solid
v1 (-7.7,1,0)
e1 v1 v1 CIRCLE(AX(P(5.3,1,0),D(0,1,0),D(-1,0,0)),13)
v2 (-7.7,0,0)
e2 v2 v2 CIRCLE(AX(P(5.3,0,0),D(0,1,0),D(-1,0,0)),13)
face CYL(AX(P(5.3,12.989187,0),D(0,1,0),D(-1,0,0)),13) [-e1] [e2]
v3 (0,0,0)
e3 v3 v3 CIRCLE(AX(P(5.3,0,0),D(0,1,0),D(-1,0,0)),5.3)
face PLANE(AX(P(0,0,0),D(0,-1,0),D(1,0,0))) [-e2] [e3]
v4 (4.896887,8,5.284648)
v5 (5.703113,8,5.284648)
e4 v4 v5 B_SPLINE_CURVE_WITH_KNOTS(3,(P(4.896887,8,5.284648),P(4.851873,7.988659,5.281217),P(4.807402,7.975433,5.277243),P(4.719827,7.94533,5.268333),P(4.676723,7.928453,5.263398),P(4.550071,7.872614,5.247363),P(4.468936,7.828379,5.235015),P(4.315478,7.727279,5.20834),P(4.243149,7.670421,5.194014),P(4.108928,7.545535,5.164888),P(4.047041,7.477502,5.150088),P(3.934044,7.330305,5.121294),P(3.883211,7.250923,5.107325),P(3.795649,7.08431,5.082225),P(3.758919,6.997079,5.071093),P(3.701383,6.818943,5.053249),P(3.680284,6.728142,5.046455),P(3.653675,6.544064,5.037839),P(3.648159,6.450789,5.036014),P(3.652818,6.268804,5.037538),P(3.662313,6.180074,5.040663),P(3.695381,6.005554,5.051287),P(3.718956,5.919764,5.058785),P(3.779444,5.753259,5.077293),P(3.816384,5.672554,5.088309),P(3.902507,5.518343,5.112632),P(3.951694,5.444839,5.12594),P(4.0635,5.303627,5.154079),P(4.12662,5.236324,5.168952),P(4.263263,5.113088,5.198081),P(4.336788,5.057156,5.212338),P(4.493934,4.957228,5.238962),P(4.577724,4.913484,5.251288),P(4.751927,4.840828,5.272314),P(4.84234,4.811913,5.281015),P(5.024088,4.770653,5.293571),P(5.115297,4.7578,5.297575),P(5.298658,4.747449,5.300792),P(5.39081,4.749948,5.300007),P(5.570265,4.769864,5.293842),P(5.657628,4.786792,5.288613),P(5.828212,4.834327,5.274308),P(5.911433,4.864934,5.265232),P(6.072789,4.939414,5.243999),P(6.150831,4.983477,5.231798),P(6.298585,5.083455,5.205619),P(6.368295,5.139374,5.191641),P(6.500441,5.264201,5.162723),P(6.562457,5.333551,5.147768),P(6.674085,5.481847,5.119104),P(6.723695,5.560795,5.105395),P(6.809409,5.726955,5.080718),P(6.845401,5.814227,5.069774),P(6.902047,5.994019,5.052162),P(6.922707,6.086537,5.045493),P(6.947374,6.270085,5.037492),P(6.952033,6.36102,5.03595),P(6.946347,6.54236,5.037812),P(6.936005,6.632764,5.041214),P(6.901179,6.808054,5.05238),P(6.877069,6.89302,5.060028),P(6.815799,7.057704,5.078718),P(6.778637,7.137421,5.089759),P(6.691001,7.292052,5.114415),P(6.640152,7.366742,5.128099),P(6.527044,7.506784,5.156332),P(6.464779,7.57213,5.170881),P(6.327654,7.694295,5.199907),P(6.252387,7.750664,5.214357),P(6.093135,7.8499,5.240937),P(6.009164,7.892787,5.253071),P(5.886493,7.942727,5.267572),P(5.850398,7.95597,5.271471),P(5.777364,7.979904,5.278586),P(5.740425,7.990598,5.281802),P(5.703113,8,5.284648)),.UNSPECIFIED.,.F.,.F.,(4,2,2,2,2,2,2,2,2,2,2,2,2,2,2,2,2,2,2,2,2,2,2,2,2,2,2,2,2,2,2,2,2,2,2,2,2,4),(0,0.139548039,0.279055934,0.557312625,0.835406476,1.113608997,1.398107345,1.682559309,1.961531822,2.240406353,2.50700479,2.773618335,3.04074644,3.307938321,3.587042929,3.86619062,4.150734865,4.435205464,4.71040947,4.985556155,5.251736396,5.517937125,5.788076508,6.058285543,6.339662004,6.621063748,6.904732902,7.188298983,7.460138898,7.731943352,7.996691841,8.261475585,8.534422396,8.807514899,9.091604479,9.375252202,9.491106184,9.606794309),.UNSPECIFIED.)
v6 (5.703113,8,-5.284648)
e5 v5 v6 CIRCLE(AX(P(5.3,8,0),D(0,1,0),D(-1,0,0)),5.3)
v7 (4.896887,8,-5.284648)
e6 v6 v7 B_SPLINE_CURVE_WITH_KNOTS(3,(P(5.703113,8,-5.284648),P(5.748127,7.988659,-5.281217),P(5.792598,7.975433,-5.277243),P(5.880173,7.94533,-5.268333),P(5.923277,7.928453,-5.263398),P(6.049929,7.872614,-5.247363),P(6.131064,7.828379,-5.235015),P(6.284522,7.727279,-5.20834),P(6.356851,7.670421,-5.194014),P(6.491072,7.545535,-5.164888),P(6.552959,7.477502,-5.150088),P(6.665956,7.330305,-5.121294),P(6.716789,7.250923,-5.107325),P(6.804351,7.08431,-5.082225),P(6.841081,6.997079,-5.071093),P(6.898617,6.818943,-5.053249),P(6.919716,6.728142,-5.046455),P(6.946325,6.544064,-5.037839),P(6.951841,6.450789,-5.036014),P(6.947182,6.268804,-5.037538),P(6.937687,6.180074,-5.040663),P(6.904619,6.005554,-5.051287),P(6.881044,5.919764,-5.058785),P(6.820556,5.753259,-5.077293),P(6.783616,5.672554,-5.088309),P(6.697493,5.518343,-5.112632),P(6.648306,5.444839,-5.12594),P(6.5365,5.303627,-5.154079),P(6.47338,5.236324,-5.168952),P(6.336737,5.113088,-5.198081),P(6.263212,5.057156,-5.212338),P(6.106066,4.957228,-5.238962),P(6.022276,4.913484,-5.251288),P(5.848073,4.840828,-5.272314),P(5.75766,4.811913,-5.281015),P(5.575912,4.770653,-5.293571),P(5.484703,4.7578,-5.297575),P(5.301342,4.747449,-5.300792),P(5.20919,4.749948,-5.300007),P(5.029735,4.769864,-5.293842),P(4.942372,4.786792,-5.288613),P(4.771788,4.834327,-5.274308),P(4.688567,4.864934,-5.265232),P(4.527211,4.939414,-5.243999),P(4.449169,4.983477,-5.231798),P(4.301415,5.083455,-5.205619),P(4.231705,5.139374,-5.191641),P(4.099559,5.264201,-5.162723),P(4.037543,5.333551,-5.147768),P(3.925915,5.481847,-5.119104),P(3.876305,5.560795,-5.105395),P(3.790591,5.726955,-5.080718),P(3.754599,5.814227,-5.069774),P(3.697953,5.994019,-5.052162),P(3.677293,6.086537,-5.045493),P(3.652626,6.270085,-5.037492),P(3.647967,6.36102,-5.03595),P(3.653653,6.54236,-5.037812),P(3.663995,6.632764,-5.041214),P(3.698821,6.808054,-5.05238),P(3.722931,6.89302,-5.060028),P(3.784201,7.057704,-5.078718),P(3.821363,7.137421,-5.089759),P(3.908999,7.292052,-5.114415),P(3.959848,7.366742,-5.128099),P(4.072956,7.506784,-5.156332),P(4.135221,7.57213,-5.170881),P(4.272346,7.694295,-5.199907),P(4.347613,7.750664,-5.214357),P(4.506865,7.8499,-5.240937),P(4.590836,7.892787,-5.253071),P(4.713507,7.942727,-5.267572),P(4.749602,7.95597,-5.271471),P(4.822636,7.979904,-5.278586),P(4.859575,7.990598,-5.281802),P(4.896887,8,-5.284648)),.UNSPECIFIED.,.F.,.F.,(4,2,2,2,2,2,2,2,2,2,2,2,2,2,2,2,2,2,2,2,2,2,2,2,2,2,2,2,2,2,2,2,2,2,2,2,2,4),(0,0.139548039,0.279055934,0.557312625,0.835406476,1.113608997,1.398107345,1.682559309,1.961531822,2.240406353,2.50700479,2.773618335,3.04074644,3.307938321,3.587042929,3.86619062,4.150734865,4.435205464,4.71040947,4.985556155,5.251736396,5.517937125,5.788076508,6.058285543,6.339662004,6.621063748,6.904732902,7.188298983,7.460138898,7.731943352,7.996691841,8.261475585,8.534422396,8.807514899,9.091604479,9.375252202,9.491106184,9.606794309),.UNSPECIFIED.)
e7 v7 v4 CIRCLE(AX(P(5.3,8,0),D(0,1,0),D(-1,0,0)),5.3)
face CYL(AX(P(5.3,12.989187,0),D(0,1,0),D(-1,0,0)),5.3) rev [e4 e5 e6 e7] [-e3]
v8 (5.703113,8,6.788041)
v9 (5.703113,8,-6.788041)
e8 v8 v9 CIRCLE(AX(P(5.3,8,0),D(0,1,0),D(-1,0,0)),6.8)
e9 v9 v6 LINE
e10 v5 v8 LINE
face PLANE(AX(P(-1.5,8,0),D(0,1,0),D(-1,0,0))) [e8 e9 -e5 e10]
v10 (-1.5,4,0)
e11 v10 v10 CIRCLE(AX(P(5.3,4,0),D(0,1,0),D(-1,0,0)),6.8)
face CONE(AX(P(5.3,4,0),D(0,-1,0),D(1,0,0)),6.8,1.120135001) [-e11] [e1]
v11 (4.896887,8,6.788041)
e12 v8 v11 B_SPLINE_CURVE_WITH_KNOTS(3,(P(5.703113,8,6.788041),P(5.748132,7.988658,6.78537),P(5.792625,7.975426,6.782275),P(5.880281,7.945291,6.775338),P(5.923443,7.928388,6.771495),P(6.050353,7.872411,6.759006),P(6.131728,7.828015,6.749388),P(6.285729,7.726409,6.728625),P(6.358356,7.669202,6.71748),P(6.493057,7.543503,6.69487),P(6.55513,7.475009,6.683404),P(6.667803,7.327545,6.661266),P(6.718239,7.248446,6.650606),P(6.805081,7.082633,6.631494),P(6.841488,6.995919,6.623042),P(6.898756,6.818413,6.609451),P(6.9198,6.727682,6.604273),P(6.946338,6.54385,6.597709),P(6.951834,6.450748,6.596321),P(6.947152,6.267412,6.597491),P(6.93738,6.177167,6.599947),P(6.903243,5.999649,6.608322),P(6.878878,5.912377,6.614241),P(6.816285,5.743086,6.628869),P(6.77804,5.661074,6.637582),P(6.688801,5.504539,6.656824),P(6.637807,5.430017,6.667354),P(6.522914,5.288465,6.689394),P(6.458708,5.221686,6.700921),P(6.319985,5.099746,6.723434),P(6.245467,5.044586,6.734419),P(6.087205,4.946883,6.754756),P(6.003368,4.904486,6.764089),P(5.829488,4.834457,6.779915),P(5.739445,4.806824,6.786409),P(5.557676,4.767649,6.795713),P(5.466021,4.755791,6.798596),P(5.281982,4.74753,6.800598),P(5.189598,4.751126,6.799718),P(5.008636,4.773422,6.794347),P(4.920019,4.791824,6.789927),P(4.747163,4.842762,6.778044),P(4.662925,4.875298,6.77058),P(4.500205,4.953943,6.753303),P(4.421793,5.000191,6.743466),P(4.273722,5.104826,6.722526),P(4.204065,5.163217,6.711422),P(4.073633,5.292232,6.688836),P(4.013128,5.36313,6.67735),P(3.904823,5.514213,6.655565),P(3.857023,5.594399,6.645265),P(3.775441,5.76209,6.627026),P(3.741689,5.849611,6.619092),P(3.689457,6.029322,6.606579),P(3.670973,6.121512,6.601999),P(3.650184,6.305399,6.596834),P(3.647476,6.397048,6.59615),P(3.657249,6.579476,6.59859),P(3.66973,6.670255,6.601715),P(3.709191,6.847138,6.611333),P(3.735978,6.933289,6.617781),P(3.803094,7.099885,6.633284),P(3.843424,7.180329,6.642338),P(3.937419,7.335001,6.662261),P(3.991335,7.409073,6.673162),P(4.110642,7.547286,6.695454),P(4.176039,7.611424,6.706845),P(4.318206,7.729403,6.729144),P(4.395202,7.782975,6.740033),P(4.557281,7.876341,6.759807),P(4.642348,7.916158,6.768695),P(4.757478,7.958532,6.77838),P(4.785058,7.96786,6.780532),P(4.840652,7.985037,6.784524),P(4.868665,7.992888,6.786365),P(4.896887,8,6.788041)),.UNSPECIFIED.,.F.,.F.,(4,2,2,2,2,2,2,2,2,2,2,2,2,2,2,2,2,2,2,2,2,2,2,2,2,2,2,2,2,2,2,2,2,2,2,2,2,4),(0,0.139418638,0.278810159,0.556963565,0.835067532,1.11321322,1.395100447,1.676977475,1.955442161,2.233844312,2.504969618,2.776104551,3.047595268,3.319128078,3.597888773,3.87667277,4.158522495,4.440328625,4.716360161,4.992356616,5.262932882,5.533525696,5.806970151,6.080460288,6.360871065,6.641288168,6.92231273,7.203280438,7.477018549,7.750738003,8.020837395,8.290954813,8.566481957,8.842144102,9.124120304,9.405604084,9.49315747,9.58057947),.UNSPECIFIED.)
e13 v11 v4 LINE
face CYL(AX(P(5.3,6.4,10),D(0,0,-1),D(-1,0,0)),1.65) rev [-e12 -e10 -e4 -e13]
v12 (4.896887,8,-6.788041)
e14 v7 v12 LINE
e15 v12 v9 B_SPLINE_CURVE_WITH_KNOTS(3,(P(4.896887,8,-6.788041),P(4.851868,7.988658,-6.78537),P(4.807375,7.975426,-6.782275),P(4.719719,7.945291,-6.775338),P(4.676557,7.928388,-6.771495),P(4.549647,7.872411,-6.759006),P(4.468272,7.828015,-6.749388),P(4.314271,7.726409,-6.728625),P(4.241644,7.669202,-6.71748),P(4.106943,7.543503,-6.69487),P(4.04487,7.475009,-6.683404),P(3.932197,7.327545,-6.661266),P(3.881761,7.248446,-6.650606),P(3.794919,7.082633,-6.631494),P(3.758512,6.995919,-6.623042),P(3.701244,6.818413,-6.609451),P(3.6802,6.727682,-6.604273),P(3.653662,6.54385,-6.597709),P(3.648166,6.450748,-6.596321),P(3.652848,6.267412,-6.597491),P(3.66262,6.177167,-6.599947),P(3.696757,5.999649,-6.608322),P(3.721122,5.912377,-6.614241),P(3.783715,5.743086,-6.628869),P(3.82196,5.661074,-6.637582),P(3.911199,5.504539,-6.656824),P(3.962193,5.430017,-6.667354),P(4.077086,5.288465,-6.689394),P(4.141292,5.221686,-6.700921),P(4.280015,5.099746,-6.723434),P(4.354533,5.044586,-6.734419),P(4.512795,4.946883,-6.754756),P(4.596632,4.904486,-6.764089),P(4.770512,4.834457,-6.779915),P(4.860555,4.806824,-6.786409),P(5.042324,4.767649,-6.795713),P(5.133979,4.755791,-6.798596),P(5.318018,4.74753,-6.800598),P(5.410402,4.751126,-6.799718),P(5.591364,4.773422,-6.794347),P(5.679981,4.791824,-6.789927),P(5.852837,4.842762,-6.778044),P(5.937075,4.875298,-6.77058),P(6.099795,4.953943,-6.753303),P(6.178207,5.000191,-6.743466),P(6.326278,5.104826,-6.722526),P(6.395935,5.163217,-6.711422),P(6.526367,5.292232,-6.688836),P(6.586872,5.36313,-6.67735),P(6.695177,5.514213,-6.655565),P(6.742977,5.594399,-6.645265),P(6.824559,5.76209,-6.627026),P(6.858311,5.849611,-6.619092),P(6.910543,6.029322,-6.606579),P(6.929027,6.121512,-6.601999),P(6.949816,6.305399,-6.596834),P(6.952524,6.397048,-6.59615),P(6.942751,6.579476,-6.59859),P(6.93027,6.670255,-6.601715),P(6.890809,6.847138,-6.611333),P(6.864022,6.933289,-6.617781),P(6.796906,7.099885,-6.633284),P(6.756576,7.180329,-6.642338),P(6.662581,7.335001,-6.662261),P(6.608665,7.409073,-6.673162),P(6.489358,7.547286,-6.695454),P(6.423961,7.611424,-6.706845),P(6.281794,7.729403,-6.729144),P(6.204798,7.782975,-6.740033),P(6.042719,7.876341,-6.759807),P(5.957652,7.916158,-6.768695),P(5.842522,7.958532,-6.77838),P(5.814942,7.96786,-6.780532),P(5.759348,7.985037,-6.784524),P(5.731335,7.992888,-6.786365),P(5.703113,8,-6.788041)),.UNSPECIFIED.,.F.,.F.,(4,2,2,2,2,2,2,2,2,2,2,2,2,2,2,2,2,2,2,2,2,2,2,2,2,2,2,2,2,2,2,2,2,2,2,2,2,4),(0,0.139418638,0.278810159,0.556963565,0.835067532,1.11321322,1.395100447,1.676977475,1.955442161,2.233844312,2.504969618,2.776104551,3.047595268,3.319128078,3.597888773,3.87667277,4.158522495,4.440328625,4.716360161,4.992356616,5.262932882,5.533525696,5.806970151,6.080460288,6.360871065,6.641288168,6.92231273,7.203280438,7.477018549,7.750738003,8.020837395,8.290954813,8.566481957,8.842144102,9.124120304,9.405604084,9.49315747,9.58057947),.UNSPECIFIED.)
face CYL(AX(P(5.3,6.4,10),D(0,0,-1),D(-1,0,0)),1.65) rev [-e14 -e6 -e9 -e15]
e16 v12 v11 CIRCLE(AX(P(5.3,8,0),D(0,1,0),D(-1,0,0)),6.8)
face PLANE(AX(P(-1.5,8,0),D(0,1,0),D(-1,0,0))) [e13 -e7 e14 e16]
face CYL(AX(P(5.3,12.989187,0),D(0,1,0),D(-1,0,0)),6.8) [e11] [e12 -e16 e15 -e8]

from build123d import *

# Parameters (mm, degrees)
CUT_EXTRUDE_3_DEPTH      = 10
CUT_EXTRUDE_3_DEPTH_BACK = 10
SKETCH_2_R               = 1.65


with BuildPart() as part:
    # 草图1 → 旋转1 (revolve)
    with BuildSketch(Plane.XY):
        Polygon((0, 0), (-7.7, 0), (-7.7, 1), (-1.5, 4), (-1.5, 8), (0, 8), align=None)
    revolve(axis=Axis((5.3, 12.989187483, 0), (0, -1, 0)))

    # 草图2 → 切除-拉伸3 (cut, two sides: drawn at the far end of the back side and taken through both)
    with BuildSketch(Plane.XY.offset(-CUT_EXTRUDE_3_DEPTH_BACK)):
        with Locations((5.3, 6.4)):
            Circle(SKETCH_2_R)
    extrude(amount=CUT_EXTRUDE_3_DEPTH + CUT_EXTRUDE_3_DEPTH_BACK, mode=Mode.SUBTRACT)


solid = part.part
